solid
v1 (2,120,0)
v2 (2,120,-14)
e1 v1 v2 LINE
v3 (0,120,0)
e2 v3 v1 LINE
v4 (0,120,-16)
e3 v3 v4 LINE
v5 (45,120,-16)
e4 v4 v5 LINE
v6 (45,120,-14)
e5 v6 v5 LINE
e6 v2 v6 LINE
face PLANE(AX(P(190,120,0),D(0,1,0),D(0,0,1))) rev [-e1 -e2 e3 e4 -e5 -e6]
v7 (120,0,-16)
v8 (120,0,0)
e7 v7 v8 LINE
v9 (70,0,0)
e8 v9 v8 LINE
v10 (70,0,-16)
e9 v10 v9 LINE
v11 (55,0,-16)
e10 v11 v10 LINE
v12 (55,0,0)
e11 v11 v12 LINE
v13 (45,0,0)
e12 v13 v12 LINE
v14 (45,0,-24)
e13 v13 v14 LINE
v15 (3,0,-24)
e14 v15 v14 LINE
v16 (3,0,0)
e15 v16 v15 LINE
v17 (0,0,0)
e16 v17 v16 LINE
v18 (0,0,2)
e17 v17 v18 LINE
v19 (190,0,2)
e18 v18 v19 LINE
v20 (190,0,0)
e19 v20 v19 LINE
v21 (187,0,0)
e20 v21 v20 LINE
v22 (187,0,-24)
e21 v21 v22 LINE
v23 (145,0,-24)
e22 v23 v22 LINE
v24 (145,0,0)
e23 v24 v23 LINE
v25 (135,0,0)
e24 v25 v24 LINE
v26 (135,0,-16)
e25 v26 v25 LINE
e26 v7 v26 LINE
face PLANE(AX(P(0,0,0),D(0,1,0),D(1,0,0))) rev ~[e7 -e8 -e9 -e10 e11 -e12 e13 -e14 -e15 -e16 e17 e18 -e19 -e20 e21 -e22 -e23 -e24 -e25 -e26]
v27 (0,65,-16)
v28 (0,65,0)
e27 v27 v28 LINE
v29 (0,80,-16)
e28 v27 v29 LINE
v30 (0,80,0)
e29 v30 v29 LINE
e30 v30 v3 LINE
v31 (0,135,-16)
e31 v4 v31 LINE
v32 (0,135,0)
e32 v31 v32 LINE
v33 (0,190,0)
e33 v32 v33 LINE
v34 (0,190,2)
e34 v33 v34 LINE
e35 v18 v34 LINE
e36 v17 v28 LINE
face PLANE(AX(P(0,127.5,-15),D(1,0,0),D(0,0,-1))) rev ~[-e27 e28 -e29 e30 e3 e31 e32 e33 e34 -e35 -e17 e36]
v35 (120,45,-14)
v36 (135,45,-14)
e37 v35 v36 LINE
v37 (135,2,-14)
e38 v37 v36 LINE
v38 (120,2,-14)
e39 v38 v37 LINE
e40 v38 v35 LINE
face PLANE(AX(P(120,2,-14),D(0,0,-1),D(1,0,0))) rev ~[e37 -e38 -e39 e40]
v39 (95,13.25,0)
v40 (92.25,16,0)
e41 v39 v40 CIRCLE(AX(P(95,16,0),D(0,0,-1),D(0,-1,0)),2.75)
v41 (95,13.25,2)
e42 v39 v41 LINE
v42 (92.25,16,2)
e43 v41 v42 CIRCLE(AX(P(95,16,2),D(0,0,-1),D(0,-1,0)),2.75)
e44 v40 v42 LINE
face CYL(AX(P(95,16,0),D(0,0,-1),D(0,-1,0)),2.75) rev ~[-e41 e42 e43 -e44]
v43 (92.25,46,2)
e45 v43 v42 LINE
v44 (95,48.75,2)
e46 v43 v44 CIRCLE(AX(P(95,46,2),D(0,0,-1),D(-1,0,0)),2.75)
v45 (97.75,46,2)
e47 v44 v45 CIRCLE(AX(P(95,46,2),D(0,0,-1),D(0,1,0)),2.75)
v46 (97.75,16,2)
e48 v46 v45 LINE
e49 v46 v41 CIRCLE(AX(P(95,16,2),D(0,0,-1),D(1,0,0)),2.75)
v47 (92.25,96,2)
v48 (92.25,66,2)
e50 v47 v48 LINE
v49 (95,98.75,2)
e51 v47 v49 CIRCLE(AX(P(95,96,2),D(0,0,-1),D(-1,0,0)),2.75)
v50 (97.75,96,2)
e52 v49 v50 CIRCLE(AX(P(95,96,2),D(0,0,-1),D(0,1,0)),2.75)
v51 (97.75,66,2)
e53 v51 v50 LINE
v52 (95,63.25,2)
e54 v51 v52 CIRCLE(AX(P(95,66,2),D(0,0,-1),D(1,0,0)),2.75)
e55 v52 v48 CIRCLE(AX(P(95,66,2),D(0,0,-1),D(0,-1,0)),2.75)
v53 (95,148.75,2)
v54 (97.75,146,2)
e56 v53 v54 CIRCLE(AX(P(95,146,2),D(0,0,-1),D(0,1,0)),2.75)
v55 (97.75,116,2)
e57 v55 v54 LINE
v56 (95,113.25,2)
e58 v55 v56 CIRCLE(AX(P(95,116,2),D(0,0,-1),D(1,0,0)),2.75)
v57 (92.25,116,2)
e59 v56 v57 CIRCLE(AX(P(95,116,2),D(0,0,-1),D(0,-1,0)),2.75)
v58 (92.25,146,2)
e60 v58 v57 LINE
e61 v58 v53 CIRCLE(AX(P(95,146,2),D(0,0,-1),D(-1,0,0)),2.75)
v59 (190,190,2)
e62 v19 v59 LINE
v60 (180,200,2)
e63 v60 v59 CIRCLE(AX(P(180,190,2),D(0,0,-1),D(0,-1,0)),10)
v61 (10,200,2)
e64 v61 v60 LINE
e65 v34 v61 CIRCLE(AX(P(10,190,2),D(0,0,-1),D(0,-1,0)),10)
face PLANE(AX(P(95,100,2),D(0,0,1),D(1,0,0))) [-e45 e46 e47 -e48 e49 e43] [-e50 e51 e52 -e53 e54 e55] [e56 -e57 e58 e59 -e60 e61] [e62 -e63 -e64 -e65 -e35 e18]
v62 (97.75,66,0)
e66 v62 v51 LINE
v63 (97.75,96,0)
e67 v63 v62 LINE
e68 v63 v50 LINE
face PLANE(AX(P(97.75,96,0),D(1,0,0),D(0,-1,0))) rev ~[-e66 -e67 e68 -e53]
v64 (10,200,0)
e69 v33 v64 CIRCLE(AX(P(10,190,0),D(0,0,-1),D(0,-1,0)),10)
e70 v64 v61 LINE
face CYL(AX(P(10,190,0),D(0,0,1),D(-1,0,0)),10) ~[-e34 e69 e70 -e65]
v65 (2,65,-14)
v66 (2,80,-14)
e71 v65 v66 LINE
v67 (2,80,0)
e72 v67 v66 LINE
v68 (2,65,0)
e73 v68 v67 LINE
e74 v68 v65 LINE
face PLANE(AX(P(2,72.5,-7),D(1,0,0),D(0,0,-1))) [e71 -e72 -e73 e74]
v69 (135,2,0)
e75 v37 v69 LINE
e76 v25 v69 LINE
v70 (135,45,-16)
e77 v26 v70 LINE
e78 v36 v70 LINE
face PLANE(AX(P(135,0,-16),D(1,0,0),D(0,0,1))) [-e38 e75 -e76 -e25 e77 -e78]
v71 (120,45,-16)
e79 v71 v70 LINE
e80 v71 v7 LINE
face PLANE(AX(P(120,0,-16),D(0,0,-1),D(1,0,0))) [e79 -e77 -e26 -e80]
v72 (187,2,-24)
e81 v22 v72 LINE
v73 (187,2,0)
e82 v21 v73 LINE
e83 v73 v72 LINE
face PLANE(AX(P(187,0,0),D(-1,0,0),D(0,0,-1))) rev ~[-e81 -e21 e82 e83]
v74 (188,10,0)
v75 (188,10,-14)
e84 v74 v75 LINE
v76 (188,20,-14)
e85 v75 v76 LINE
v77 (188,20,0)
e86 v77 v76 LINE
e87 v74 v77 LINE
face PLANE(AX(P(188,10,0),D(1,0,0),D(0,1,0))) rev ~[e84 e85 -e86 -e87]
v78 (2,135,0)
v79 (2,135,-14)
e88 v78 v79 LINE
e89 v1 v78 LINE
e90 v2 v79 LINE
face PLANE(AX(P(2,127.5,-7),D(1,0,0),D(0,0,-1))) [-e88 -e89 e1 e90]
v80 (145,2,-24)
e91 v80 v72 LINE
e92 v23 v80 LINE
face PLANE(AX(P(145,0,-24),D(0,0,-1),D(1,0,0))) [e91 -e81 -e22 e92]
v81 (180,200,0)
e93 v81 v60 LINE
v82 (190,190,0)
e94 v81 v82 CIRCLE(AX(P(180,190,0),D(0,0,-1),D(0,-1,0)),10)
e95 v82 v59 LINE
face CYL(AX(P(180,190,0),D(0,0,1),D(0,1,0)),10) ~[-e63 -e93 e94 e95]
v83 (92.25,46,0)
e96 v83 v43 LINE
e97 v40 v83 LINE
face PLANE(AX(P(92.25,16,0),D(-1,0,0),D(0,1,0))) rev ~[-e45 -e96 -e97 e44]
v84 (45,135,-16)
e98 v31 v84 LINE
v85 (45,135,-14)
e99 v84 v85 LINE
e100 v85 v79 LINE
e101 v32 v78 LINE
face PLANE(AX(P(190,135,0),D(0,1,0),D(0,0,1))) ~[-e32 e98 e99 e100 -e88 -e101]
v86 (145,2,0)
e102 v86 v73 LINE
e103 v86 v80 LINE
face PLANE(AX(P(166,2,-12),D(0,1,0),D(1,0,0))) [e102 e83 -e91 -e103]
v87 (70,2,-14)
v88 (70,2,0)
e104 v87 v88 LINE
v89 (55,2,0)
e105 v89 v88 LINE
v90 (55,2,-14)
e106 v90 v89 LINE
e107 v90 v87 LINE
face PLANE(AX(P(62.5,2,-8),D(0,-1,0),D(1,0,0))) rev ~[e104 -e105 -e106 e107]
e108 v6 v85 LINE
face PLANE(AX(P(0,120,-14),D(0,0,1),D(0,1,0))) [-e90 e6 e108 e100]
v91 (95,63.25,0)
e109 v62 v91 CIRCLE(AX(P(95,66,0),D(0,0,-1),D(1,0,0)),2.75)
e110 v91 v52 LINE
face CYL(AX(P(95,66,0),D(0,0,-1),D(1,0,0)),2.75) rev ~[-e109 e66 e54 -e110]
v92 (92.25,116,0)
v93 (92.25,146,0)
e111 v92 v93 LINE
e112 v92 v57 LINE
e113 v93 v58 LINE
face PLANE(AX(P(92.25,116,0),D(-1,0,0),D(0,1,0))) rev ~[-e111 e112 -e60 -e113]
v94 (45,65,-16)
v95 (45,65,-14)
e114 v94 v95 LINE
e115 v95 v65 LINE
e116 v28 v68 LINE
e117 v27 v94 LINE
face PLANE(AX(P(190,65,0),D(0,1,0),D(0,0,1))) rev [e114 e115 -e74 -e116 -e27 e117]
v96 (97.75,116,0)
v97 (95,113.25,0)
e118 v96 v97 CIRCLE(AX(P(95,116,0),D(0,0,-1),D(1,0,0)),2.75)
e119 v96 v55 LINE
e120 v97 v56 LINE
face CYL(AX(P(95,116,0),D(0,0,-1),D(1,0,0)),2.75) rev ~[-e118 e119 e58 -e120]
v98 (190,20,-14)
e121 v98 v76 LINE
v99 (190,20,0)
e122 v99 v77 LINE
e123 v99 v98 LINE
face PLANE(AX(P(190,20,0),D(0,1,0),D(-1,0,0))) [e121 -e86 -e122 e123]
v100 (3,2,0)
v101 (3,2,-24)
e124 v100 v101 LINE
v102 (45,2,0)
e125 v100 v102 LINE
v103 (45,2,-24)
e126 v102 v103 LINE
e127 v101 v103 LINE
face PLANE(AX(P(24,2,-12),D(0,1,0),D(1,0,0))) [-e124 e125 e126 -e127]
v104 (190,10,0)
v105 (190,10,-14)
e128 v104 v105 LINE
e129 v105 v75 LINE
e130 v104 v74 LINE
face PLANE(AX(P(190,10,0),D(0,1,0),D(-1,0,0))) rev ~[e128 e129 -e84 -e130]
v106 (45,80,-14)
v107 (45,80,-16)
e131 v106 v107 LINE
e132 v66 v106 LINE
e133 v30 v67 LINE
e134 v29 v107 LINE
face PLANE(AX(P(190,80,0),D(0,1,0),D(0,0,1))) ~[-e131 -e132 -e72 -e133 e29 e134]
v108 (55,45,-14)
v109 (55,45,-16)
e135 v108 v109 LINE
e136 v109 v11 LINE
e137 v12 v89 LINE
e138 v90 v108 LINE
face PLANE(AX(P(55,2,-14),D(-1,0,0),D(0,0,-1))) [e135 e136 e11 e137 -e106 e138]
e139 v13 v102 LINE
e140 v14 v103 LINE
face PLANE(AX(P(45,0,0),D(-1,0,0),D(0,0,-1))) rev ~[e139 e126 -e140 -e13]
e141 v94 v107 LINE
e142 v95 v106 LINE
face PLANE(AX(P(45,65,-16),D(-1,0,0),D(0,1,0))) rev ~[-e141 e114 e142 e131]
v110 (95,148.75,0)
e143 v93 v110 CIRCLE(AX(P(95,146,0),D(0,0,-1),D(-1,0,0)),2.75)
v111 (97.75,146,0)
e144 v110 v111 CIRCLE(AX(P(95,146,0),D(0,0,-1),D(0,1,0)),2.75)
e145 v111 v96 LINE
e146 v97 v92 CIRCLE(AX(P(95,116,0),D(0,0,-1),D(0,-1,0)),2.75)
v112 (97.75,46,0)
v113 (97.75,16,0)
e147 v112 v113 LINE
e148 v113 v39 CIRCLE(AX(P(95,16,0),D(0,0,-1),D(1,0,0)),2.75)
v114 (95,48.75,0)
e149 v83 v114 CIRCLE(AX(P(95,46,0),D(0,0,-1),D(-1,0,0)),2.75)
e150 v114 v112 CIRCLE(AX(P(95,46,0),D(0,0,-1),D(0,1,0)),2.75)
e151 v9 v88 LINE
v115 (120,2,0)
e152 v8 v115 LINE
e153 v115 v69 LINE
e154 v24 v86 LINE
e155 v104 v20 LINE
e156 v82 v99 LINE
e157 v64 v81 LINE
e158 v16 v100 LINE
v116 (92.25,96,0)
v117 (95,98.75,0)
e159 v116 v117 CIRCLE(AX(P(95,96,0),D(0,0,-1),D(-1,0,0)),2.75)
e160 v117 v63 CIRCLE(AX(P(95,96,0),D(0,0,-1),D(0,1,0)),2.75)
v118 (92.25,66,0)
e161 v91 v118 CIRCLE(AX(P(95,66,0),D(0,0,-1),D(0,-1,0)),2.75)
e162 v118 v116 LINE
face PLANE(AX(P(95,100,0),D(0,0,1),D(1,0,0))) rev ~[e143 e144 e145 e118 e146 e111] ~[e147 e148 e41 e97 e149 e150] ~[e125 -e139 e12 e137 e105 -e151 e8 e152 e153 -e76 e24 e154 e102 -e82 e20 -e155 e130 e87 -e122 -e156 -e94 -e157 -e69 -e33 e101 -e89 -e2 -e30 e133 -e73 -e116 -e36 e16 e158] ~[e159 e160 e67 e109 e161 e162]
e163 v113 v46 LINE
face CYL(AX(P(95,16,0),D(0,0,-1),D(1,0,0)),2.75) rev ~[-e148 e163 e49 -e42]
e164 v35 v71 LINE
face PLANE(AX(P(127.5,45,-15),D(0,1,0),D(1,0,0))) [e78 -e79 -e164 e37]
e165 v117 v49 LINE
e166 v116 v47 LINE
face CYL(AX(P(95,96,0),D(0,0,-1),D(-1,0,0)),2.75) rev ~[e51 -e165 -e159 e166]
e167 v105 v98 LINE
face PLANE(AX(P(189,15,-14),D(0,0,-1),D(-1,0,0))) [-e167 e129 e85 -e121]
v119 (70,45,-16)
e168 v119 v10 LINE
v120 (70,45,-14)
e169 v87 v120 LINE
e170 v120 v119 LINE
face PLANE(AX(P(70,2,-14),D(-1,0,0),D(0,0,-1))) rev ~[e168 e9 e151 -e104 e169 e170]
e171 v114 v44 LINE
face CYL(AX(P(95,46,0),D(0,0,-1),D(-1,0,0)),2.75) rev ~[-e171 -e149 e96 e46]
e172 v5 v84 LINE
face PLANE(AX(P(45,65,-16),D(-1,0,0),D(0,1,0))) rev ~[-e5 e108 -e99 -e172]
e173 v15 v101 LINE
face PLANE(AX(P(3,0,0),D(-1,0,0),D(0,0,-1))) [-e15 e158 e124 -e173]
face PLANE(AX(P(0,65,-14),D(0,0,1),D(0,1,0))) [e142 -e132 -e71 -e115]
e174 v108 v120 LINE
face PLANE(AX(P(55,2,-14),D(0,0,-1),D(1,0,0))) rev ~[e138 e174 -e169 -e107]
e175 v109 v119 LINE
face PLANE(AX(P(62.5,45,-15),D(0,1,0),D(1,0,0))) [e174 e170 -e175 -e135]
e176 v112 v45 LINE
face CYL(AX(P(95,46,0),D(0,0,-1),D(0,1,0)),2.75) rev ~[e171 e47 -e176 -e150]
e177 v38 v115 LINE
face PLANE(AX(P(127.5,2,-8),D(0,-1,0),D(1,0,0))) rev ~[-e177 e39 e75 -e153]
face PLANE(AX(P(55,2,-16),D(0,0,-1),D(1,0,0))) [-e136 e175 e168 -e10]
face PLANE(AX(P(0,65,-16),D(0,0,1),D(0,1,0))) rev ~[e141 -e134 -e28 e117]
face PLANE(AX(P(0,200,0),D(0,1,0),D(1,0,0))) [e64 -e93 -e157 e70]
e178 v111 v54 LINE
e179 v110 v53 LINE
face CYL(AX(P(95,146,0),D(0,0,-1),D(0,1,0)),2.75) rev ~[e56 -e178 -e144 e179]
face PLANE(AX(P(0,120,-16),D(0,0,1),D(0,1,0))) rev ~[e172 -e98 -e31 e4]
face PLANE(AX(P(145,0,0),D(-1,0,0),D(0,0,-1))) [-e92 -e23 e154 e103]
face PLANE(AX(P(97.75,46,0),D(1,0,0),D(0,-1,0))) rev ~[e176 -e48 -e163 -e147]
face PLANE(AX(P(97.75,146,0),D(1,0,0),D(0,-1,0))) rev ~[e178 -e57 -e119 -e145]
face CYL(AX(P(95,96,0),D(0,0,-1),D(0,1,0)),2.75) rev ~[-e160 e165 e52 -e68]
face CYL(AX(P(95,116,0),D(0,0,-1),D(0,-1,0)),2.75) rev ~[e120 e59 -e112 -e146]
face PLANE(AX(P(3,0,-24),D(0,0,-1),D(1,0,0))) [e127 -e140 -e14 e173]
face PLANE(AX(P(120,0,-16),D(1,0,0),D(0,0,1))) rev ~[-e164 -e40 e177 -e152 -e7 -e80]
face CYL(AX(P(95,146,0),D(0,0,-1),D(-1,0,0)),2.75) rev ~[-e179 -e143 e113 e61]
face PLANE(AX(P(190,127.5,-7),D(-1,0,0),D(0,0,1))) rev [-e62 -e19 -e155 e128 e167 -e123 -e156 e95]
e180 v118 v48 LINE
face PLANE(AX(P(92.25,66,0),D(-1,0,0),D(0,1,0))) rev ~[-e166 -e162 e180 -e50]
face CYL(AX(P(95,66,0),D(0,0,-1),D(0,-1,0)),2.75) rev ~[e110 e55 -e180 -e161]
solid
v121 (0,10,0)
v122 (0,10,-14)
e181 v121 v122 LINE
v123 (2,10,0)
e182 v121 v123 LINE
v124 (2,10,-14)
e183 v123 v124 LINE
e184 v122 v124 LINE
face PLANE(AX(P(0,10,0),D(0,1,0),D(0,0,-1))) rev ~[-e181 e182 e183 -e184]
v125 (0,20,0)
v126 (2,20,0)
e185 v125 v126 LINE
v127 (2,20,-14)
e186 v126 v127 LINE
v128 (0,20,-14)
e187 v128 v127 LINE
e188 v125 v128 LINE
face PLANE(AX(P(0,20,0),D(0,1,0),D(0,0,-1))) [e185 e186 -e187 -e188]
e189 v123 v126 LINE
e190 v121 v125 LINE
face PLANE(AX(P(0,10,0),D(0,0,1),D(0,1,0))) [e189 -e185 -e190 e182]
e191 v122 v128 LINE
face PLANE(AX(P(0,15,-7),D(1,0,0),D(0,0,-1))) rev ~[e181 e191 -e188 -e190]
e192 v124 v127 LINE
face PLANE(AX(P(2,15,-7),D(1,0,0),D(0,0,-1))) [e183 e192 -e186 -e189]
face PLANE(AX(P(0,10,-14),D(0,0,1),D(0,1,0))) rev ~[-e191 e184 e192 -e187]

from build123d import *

# Parameters (mm, degrees)
SKETCH_1_W          = 190
SKETCH_1_H          = 200
EXTRUDE_1_DEPTH     = 2
SKETCH_2_W          = 42
SKETCH_2_H          = 24
EXTRUDE_2_DEPTH     = 2
SKETCH_12_W         = 14
SKETCH_12_H         = 10
EXTRUDE_5_DEPTH     = 2
SKETCH_15_W         = 14
SKETCH_15_H         = 15
EXTRUDE_9_DEPTH     = 2
SKETCH_15_3_W       = 2
SKETCH_15_3_H       = 15
EXTRUDE_10_DEPTH    = 190
CUT_EXTRUDE_1_DEPTH = 20
FILLET_1_R          = 10
SKETCH_20_W         = 14
SKETCH_20_H         = 125
CUT_EXTRUDE_4_DEPTH = 10
SKETCH_21_W         = 145
SKETCH_21_H         = 70
CUT_EXTRUDE_5_DEPTH = 2
SKETCH_22_W         = 2
SKETCH_22_H         = 10
EXTRUDE_11_DEPTH    = 14
SKETCH_23_W         = 15
SKETCH_23_H         = 16
EXTRUDE_12_DEPTH    = 2
SKETCH_25_W         = 15
SKETCH_25_H         = 2
EXTRUDE_13_DEPTH    = 43


with BuildPart() as part:
    # 草图1 → 凸台-拉伸1 (new body)
    with BuildSketch(Plane.XY):
        with Locations((95, 100)):
            Rectangle(SKETCH_1_W, SKETCH_1_H)
    extrude(amount=EXTRUDE_1_DEPTH)

    # 草图2 → 凸台-拉伸2 (add)
    with BuildSketch(Plane(origin=(0, 0, 0), x_dir=(1, 0, 0), z_dir=(0, 1, 0))):
        with Locations((24, 12)):
            Rectangle(SKETCH_2_W, SKETCH_2_H)
        with Locations((166, 12)):
            Rectangle(SKETCH_2_W, SKETCH_2_H)
    extrude(amount=EXTRUDE_2_DEPTH)

    # 草图15 → 凸台-拉伸9 (add)
    with BuildSketch(Plane(origin=(0, 0, 0), x_dir=(0, 0, -1), z_dir=(1, 0, 0))):
        with Locations((7, 127.5)):
            Rectangle(SKETCH_15_W, SKETCH_15_H)
        with Locations((7, 72.5)):
            Rectangle(SKETCH_15_W, SKETCH_15_H)
    extrude_9 = extrude(amount=EXTRUDE_9_DEPTH)

    # 草图15<3> → 凸台-拉伸10 (add)
    with BuildSketch(Plane(origin=(0, 0, 0), x_dir=(0, 0, -1), z_dir=(1, 0, 0))):
        with Locations((15, 127.5)):
            Rectangle(SKETCH_15_3_W, SKETCH_15_3_H)
        with Locations((15, 72.5)):
            Rectangle(SKETCH_15_3_W, SKETCH_15_3_H)
    extrude_10 = extrude(amount=EXTRUDE_10_DEPTH)

    # 草图17 → 切除-拉伸1 (cut)
    with BuildSketch(Plane(origin=(0, 0, 0), x_dir=(-1, 0, 0), z_dir=(0, 0, -1))):
        with BuildLine():
            Line((-95, 146), (-95, 116))
            Line((-95, 116), (-95, 113.25))
            ThreePointArc((-95, 113.25), (-93.055456352, 114.055456352), (-92.25, 116))
            Line((-92.25, 116), (-92.25, 146))
            ThreePointArc((-92.25, 146), (-93.055456352, 147.944543648), (-95, 148.75))
            Line((-95, 148.75), (-95, 146))
        make_face()
        with BuildLine():
            Line((-95, 113.25), (-95, 116))
            Line((-95, 116), (-95, 146))
            Line((-95, 146), (-95, 148.75))
            ThreePointArc((-95, 148.75), (-96.944543648, 147.944543648), (-97.75, 146))
            Line((-97.75, 146), (-97.75, 116))
            ThreePointArc((-97.75, 116), (-96.944543648, 114.055456352), (-95, 113.25))
        make_face()
        with BuildLine():
            Line((-95, 63.25), (-95, 98.75))
            ThreePointArc((-95, 98.75), (-96.944543648, 97.944543648), (-97.75, 96))
            Line((-97.75, 96), (-97.75, 66))
            ThreePointArc((-97.75, 66), (-96.944543648, 64.055456352), (-95, 63.25))
        make_face()
        with BuildLine():
            Line((-95, 13.25), (-95, 48.75))
            ThreePointArc((-95, 48.75), (-96.944543648, 47.944543648), (-97.75, 46))
            Line((-97.75, 46), (-97.75, 16))
            ThreePointArc((-97.75, 16), (-96.944543648, 14.055456352), (-95, 13.25))
        make_face()
        with BuildLine():
            ThreePointArc((-92.25, 46), (-93.055456352, 47.944543648), (-95, 48.75))
            Line((-95, 48.75), (-95, 13.25))
            ThreePointArc((-95, 13.25), (-93.055456352, 14.055456352), (-92.25, 16))
            Line((-92.25, 16), (-92.25, 46))
        make_face()
        with BuildLine():
            ThreePointArc((-92.25, 96), (-93.055456352, 97.944543648), (-95, 98.75))
            Line((-95, 98.75), (-95, 63.25))
            ThreePointArc((-95, 63.25), (-93.055456352, 64.055456352), (-92.25, 66))
            Line((-92.25, 66), (-92.25, 96))
        make_face()
    extrude(amount=-CUT_EXTRUDE_1_DEPTH, mode=Mode.SUBTRACT)

    # 圆角1
    fillet_1_edges = [part.edges().sort_by_distance(p)[0] for p in [
        (0, 200, 1),
        (190, 200, 1),
    ]]
    fillet(fillet_1_edges, radius=FILLET_1_R)

    # 镜向18: 凸台-拉伸9, 凸台-拉伸10 across plane
    add(extrude_9.mirror(Plane(origin=(95, 0, 0), x_dir=(0, 0, 1), z_dir=(1, 0, 0))))
    add(extrude_10.mirror(Plane(origin=(95, 0, 0), x_dir=(0, 0, 1), z_dir=(1, 0, 0))))


with BuildPart() as body_2:
    # 草图12 → 凸台-拉伸5 (new body)
    with BuildSketch(Plane(origin=(0, 0, 0), x_dir=(0, 0, -1), z_dir=(1, 0, 0))):
        with Locations((7, 15)):
            Rectangle(SKETCH_12_W, SKETCH_12_H)
    extrude_5 = extrude(amount=EXTRUDE_5_DEPTH)


with BuildPart() as part_1:
    add(part.part)

    # 镜向19: 凸台-拉伸5 across plane
    add(extrude_5.mirror(Plane(origin=(95, 0, 0), x_dir=(0, 0, 1), z_dir=(1, 0, 0))))

    # 草图20 → 切除-拉伸4 (cut)
    with BuildSketch(Plane(origin=(190, 0, 0), x_dir=(0, 0, -1), z_dir=(1, 0, 0))):
        with Locations((7, 72.5)):
            Rectangle(SKETCH_20_W, SKETCH_20_H)
    extrude(amount=-CUT_EXTRUDE_4_DEPTH, mode=Mode.SUBTRACT)

    # 草图21 → 切除-拉伸5 (cut)
    with BuildSketch(Plane(origin=(0, 0, -16), x_dir=(-1, 0, 0), z_dir=(0, 0, -1))):
        with Locations((-117.5, 100)):
            Rectangle(SKETCH_21_W, SKETCH_21_H)
    extrude(amount=-CUT_EXTRUDE_5_DEPTH, mode=Mode.SUBTRACT)

    # 草图22 → 凸台-拉伸11 (add)
    with BuildSketch(Plane(origin=(0, 0, 0), x_dir=(-1, 0, 0), z_dir=(0, 0, -1))):
        with Locations((-189, 15)):
            Rectangle(SKETCH_22_W, SKETCH_22_H)
    extrude(amount=EXTRUDE_11_DEPTH)

    # 草图23 → 凸台-拉伸12 (add)
    with BuildSketch(Plane.XZ):
        with Locations((62.5, -8)):
            Rectangle(SKETCH_23_W, SKETCH_23_H)
        with Locations((127.5, -8)):
            Rectangle(SKETCH_23_W, SKETCH_23_H)
    extrude(amount=-EXTRUDE_12_DEPTH)

    # 草图25 → 凸台-拉伸13 (add)
    with BuildSketch(Plane(origin=(0, 2, 0), x_dir=(1, 0, 0), z_dir=(0, 1, 0))):
        with Locations((62.5, 15)):
            Rectangle(SKETCH_25_W, SKETCH_25_H)
        with Locations((127.5, 15)):
            Rectangle(SKETCH_25_W, SKETCH_25_H)
    extrude(amount=EXTRUDE_13_DEPTH)


solid = Compound([body_2.part, part_1.part])
